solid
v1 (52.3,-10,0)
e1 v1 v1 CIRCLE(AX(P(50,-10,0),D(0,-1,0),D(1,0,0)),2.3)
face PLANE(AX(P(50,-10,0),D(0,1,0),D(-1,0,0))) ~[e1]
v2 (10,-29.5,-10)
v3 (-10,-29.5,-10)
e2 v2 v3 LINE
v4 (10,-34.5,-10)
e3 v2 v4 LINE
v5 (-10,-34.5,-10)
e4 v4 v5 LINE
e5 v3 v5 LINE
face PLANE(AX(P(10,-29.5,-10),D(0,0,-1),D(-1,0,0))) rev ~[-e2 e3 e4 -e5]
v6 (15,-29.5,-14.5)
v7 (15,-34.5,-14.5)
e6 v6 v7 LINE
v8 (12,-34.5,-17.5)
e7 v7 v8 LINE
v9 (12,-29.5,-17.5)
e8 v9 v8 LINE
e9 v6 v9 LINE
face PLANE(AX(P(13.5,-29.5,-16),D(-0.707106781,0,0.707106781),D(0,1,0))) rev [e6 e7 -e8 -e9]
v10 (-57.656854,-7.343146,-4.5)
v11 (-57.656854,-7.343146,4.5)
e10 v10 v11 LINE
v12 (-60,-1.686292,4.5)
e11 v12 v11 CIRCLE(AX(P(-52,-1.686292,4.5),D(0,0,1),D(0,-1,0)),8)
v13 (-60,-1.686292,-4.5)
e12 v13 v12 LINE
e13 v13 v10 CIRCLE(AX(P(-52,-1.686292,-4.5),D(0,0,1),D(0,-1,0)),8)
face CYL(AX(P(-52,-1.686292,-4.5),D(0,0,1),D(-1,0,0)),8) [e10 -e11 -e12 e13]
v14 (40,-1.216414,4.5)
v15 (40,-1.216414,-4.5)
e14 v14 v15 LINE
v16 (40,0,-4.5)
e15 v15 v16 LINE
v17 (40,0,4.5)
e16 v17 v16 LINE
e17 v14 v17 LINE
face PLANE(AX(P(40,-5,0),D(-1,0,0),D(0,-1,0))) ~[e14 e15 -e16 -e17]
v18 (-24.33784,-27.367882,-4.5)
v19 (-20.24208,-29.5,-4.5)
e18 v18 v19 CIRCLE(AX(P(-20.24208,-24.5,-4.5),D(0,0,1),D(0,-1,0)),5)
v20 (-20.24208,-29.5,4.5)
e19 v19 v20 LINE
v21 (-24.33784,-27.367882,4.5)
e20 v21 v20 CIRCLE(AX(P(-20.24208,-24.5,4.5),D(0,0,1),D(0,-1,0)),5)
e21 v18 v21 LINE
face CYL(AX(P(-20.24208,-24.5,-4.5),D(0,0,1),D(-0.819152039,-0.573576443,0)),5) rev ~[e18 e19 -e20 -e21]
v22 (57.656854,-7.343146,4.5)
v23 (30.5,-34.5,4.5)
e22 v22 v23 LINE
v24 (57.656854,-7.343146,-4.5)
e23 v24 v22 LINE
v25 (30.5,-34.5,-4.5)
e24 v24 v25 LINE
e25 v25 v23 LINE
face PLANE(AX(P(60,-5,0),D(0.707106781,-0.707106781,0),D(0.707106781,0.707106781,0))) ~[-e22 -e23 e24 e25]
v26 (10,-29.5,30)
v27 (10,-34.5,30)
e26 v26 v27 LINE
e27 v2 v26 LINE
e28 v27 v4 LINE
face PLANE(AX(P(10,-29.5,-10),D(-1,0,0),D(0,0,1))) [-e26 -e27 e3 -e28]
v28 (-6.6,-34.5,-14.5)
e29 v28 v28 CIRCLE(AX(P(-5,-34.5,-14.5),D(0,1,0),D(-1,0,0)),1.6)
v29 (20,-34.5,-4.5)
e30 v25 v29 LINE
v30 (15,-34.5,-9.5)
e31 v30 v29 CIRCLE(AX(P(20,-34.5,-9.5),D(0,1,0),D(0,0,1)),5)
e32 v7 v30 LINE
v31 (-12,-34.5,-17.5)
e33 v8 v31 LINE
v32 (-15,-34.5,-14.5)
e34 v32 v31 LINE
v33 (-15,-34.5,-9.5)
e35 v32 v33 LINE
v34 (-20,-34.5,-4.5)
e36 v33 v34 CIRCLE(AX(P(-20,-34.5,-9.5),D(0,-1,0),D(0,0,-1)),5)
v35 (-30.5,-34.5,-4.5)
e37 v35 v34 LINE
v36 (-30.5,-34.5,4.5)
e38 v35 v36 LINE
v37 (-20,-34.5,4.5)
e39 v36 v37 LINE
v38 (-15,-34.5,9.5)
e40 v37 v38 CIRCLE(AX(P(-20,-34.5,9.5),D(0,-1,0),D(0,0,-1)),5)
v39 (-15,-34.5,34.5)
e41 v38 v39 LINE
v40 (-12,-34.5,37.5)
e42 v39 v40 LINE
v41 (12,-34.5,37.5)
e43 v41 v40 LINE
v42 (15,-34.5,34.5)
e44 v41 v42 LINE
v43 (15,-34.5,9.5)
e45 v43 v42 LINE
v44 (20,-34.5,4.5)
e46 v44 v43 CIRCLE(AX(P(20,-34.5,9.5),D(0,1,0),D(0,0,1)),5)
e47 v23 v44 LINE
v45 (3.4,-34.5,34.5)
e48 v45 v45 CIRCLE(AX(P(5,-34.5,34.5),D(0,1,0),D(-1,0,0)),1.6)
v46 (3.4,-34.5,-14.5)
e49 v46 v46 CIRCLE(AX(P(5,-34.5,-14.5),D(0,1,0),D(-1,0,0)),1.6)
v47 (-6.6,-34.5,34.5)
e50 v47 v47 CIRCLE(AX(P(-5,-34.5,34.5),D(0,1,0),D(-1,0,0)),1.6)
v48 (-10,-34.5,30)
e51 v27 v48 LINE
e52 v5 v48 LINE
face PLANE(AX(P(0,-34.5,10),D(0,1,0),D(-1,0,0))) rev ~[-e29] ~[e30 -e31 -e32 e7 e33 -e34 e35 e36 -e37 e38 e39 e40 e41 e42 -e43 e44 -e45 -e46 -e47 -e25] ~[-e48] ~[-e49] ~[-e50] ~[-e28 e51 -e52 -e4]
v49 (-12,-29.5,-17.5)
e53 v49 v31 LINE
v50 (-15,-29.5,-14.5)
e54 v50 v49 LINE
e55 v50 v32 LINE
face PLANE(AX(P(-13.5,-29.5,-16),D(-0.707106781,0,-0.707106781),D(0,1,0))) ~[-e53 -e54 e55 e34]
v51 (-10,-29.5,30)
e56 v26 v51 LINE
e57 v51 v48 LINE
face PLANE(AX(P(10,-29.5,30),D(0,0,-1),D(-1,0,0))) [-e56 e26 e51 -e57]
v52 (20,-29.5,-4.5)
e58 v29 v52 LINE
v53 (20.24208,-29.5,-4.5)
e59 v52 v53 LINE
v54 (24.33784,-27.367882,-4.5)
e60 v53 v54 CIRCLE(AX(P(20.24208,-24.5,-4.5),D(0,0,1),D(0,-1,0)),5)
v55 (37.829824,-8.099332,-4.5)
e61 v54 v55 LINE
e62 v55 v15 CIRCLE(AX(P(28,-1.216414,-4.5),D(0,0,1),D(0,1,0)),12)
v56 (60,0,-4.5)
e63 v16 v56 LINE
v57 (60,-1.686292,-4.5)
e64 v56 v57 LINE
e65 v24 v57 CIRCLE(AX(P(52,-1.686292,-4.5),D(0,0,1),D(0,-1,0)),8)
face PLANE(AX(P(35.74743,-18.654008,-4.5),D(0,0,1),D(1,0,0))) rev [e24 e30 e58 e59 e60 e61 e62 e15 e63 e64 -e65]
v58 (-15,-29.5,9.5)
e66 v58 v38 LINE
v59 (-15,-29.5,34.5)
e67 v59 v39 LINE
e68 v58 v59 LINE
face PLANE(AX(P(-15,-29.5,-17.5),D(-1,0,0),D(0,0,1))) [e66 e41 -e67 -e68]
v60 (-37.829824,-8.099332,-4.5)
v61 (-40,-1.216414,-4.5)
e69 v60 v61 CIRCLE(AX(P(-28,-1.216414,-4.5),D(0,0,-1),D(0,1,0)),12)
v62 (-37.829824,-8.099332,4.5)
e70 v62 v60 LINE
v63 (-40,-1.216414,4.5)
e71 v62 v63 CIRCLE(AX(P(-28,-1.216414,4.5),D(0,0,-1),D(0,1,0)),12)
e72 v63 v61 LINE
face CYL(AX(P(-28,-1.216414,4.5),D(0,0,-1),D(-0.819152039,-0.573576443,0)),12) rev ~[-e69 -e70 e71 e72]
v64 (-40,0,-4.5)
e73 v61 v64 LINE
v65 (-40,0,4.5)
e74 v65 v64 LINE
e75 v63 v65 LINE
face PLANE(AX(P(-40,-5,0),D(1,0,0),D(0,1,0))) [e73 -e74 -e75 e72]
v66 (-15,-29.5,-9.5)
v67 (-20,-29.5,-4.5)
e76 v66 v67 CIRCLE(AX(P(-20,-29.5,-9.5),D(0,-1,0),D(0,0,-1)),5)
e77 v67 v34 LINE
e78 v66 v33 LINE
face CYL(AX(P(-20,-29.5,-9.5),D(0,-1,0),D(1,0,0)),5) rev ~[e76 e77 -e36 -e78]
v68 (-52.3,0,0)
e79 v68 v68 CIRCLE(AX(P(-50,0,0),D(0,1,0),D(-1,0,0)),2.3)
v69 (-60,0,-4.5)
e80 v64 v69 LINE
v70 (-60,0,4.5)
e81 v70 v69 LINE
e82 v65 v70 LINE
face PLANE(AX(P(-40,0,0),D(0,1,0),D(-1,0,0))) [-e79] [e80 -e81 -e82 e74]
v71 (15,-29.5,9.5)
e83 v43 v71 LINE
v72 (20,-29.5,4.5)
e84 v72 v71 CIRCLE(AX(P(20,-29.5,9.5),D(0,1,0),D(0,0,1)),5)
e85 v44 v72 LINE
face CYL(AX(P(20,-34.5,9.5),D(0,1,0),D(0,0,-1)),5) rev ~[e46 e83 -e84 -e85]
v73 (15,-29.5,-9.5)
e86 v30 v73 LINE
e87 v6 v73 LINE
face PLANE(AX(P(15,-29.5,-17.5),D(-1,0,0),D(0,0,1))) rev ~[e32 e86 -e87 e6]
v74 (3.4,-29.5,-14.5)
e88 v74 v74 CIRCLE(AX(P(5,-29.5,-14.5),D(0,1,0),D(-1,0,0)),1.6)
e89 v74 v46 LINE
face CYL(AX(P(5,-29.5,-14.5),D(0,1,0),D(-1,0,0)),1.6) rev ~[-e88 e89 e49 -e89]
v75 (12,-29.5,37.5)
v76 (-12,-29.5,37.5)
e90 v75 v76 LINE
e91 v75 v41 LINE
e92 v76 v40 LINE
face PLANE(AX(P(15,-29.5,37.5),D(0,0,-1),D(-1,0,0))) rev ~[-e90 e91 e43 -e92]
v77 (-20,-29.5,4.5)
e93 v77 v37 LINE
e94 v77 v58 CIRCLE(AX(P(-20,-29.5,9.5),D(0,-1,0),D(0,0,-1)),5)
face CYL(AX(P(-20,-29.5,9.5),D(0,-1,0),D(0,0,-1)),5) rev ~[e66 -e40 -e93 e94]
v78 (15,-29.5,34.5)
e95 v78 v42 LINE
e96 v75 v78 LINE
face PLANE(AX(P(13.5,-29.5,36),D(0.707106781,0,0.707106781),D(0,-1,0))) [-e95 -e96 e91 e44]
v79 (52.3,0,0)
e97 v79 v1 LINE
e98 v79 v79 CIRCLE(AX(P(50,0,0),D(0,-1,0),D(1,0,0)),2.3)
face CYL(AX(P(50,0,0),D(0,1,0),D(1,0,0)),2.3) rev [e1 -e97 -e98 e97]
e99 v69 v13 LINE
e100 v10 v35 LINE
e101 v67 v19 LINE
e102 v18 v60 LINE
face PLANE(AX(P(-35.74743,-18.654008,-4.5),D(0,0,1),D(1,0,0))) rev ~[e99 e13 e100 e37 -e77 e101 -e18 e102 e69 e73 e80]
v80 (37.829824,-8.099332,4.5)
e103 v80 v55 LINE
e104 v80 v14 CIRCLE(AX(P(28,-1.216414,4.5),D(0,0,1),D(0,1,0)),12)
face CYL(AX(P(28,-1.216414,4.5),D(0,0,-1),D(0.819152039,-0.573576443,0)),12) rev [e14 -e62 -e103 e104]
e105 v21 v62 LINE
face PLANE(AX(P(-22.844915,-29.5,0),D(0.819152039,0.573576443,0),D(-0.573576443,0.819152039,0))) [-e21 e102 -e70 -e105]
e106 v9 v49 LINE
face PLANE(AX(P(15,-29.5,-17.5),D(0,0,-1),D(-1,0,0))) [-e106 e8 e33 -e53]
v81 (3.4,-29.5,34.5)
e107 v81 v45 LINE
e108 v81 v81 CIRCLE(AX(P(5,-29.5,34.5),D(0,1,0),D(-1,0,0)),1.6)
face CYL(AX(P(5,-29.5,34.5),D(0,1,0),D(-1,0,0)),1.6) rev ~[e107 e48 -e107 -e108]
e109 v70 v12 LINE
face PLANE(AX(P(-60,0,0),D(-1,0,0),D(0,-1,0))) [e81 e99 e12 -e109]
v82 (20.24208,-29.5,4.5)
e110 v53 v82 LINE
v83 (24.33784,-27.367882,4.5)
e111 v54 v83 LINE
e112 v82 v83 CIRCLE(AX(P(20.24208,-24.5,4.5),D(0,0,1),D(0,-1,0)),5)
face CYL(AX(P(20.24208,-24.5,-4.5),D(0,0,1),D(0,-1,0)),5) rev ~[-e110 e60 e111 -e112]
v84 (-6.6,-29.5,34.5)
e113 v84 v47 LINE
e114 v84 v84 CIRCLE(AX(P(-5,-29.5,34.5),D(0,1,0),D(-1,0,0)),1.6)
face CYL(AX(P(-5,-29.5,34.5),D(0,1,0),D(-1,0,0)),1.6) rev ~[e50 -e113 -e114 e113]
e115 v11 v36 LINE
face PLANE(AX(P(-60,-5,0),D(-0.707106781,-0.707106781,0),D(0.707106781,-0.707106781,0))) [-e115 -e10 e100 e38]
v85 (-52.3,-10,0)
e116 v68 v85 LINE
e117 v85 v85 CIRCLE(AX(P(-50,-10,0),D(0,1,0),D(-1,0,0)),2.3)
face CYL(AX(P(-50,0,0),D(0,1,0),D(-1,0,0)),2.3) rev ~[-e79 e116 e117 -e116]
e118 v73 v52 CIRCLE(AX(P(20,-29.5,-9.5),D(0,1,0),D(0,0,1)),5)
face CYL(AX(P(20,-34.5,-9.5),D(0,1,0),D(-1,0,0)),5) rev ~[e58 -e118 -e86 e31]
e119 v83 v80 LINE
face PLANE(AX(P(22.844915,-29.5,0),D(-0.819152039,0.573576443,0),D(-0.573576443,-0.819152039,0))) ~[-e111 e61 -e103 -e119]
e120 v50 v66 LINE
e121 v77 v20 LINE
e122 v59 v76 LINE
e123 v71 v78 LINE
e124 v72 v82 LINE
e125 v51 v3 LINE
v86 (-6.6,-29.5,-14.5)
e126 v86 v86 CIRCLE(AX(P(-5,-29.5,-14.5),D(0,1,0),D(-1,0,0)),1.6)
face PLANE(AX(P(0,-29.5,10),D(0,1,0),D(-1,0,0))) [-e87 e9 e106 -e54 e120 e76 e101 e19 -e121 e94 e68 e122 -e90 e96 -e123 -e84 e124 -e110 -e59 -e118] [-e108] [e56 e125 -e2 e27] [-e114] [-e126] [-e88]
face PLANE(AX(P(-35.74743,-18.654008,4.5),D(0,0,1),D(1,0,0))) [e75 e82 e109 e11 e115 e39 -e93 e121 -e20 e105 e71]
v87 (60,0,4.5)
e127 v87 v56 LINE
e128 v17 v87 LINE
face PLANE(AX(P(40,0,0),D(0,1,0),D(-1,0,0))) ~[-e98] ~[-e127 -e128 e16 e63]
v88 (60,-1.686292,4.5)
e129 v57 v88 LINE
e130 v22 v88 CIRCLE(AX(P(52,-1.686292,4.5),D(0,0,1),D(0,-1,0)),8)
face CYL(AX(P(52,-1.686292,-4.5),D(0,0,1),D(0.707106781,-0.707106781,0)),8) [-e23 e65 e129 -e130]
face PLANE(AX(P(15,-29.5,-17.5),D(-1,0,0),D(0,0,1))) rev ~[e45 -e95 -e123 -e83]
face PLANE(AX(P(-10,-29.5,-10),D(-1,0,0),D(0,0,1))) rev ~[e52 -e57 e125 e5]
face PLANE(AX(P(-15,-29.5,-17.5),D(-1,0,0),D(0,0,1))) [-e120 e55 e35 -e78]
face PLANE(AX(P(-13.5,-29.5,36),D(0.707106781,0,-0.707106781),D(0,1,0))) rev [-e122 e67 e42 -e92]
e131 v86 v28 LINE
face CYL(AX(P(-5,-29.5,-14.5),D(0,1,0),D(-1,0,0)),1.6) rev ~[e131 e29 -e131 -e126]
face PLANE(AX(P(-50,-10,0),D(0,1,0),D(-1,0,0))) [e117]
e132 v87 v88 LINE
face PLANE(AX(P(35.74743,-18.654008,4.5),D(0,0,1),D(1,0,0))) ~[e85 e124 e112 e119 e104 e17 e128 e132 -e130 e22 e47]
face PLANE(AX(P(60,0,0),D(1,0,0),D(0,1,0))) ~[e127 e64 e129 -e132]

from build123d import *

# Parameters (mm, degrees)
PAD005_DEPTH    = 4.5
SKETCH013_R     = 2.3
POCKET009_DEPTH = 10
SKETCH014_W     = 30
SKETCH014_H     = 55
SKETCH014_R     = 1.6
SKETCH014_W_2   = 20
SKETCH014_H_2   = 40
PAD006_DEPTH    = 5
FILLET007_R     = 12
FILLET008_R     = 5
FILLET009_R     = 8
CHAMFER009_SIZE = 3
FILLET010_R     = 5


with BuildPart() as part:
    # Sketch012 → Pad005 (new body, symmetric)
    with BuildSketch(Plane.XY):
        Polygon((-60, 0), (-60, -5), (-30.5, -34.5), (-10, -34.5), (-10, -29.5), (-22.844915, -29.5), (-40, -5), (-40, 0), align=None)
    pad005 = extrude(amount=PAD005_DEPTH, both=True)

    # Sketch013 (on Face8 of Pad005) → Pocket009 (cut)
    with BuildSketch(Plane(origin=(0, 0, 0), x_dir=(-1, 0, 0), z_dir=(0, 1, 0))):
        with Locations((50, 0)):
            Circle(SKETCH013_R)
    pocket009 = extrude(amount=-POCKET009_DEPTH, mode=Mode.SUBTRACT)

    # Mirrored001: Pad005, Pocket009 across YZ
    add(pad005.mirror(Plane.YZ))
    add(pocket009.mirror(Plane.YZ), mode=Mode.SUBTRACT)

    # Sketch014 (on Face10 of Mirrored001) → Pad006 (join)
    with BuildSketch(Plane(origin=(0, -29.5, 0), x_dir=(-1, 0, 0), z_dir=(0, 1, 0))):
        with Locations((0, 10)):
            Rectangle(SKETCH014_W, SKETCH014_H)
        with Locations((5, 34.5)):
            Circle(SKETCH014_R, mode=Mode.SUBTRACT)
        with Locations((-5, 34.5)):
            Circle(SKETCH014_R, mode=Mode.SUBTRACT)
        with Locations((5, -14.5)):
            Circle(SKETCH014_R, mode=Mode.SUBTRACT)
        with Locations((-5, -14.5)):
            Circle(SKETCH014_R, mode=Mode.SUBTRACT)
        with Locations((0, 10)):
            Rectangle(SKETCH014_W_2, SKETCH014_H_2, mode=Mode.SUBTRACT)
    extrude(amount=-PAD006_DEPTH)

    # Fillet007
    fillet007_edges = [part.edges().sort_by_distance(p)[0] for p in [
        (-40, -5, 0),
        (40, -5, 0),
    ]]
    fillet(fillet007_edges, radius=FILLET007_R)

    # Fillet008
    fillet008_edges = [part.edges().sort_by_distance(p)[0] for p in [
        (22.844915, -29.5, 0),
        (-22.844915, -29.5, 0),
    ]]
    fillet(fillet008_edges, radius=FILLET008_R)

    # Fillet009
    fillet009_edges = [part.edges().sort_by_distance(p)[0] for p in [
        (60, -5, 0),
        (-60, -5, 0),
    ]]
    fillet(fillet009_edges, radius=FILLET009_R)

    # Chamfer009
    chamfer009_edges = [part.edges().sort_by_distance(p)[0] for p in [
        (15, -32, -17.5),
        (-15, -32, -17.5),
        (15, -32, 37.5),
        (-15, -32, 37.5),
    ]]
    chamfer(chamfer009_edges, length=CHAMFER009_SIZE)

    # Fillet010
    fillet010_edges = [part.edges().sort_by_distance(p)[0] for p in [
        (15, -32, 4.5),
        (15, -32, -4.5),
        (-15, -32, 4.5),
        (-15, -32, -4.5),
    ]]
    fillet(fillet010_edges, radius=FILLET010_R)


solid = part.part
